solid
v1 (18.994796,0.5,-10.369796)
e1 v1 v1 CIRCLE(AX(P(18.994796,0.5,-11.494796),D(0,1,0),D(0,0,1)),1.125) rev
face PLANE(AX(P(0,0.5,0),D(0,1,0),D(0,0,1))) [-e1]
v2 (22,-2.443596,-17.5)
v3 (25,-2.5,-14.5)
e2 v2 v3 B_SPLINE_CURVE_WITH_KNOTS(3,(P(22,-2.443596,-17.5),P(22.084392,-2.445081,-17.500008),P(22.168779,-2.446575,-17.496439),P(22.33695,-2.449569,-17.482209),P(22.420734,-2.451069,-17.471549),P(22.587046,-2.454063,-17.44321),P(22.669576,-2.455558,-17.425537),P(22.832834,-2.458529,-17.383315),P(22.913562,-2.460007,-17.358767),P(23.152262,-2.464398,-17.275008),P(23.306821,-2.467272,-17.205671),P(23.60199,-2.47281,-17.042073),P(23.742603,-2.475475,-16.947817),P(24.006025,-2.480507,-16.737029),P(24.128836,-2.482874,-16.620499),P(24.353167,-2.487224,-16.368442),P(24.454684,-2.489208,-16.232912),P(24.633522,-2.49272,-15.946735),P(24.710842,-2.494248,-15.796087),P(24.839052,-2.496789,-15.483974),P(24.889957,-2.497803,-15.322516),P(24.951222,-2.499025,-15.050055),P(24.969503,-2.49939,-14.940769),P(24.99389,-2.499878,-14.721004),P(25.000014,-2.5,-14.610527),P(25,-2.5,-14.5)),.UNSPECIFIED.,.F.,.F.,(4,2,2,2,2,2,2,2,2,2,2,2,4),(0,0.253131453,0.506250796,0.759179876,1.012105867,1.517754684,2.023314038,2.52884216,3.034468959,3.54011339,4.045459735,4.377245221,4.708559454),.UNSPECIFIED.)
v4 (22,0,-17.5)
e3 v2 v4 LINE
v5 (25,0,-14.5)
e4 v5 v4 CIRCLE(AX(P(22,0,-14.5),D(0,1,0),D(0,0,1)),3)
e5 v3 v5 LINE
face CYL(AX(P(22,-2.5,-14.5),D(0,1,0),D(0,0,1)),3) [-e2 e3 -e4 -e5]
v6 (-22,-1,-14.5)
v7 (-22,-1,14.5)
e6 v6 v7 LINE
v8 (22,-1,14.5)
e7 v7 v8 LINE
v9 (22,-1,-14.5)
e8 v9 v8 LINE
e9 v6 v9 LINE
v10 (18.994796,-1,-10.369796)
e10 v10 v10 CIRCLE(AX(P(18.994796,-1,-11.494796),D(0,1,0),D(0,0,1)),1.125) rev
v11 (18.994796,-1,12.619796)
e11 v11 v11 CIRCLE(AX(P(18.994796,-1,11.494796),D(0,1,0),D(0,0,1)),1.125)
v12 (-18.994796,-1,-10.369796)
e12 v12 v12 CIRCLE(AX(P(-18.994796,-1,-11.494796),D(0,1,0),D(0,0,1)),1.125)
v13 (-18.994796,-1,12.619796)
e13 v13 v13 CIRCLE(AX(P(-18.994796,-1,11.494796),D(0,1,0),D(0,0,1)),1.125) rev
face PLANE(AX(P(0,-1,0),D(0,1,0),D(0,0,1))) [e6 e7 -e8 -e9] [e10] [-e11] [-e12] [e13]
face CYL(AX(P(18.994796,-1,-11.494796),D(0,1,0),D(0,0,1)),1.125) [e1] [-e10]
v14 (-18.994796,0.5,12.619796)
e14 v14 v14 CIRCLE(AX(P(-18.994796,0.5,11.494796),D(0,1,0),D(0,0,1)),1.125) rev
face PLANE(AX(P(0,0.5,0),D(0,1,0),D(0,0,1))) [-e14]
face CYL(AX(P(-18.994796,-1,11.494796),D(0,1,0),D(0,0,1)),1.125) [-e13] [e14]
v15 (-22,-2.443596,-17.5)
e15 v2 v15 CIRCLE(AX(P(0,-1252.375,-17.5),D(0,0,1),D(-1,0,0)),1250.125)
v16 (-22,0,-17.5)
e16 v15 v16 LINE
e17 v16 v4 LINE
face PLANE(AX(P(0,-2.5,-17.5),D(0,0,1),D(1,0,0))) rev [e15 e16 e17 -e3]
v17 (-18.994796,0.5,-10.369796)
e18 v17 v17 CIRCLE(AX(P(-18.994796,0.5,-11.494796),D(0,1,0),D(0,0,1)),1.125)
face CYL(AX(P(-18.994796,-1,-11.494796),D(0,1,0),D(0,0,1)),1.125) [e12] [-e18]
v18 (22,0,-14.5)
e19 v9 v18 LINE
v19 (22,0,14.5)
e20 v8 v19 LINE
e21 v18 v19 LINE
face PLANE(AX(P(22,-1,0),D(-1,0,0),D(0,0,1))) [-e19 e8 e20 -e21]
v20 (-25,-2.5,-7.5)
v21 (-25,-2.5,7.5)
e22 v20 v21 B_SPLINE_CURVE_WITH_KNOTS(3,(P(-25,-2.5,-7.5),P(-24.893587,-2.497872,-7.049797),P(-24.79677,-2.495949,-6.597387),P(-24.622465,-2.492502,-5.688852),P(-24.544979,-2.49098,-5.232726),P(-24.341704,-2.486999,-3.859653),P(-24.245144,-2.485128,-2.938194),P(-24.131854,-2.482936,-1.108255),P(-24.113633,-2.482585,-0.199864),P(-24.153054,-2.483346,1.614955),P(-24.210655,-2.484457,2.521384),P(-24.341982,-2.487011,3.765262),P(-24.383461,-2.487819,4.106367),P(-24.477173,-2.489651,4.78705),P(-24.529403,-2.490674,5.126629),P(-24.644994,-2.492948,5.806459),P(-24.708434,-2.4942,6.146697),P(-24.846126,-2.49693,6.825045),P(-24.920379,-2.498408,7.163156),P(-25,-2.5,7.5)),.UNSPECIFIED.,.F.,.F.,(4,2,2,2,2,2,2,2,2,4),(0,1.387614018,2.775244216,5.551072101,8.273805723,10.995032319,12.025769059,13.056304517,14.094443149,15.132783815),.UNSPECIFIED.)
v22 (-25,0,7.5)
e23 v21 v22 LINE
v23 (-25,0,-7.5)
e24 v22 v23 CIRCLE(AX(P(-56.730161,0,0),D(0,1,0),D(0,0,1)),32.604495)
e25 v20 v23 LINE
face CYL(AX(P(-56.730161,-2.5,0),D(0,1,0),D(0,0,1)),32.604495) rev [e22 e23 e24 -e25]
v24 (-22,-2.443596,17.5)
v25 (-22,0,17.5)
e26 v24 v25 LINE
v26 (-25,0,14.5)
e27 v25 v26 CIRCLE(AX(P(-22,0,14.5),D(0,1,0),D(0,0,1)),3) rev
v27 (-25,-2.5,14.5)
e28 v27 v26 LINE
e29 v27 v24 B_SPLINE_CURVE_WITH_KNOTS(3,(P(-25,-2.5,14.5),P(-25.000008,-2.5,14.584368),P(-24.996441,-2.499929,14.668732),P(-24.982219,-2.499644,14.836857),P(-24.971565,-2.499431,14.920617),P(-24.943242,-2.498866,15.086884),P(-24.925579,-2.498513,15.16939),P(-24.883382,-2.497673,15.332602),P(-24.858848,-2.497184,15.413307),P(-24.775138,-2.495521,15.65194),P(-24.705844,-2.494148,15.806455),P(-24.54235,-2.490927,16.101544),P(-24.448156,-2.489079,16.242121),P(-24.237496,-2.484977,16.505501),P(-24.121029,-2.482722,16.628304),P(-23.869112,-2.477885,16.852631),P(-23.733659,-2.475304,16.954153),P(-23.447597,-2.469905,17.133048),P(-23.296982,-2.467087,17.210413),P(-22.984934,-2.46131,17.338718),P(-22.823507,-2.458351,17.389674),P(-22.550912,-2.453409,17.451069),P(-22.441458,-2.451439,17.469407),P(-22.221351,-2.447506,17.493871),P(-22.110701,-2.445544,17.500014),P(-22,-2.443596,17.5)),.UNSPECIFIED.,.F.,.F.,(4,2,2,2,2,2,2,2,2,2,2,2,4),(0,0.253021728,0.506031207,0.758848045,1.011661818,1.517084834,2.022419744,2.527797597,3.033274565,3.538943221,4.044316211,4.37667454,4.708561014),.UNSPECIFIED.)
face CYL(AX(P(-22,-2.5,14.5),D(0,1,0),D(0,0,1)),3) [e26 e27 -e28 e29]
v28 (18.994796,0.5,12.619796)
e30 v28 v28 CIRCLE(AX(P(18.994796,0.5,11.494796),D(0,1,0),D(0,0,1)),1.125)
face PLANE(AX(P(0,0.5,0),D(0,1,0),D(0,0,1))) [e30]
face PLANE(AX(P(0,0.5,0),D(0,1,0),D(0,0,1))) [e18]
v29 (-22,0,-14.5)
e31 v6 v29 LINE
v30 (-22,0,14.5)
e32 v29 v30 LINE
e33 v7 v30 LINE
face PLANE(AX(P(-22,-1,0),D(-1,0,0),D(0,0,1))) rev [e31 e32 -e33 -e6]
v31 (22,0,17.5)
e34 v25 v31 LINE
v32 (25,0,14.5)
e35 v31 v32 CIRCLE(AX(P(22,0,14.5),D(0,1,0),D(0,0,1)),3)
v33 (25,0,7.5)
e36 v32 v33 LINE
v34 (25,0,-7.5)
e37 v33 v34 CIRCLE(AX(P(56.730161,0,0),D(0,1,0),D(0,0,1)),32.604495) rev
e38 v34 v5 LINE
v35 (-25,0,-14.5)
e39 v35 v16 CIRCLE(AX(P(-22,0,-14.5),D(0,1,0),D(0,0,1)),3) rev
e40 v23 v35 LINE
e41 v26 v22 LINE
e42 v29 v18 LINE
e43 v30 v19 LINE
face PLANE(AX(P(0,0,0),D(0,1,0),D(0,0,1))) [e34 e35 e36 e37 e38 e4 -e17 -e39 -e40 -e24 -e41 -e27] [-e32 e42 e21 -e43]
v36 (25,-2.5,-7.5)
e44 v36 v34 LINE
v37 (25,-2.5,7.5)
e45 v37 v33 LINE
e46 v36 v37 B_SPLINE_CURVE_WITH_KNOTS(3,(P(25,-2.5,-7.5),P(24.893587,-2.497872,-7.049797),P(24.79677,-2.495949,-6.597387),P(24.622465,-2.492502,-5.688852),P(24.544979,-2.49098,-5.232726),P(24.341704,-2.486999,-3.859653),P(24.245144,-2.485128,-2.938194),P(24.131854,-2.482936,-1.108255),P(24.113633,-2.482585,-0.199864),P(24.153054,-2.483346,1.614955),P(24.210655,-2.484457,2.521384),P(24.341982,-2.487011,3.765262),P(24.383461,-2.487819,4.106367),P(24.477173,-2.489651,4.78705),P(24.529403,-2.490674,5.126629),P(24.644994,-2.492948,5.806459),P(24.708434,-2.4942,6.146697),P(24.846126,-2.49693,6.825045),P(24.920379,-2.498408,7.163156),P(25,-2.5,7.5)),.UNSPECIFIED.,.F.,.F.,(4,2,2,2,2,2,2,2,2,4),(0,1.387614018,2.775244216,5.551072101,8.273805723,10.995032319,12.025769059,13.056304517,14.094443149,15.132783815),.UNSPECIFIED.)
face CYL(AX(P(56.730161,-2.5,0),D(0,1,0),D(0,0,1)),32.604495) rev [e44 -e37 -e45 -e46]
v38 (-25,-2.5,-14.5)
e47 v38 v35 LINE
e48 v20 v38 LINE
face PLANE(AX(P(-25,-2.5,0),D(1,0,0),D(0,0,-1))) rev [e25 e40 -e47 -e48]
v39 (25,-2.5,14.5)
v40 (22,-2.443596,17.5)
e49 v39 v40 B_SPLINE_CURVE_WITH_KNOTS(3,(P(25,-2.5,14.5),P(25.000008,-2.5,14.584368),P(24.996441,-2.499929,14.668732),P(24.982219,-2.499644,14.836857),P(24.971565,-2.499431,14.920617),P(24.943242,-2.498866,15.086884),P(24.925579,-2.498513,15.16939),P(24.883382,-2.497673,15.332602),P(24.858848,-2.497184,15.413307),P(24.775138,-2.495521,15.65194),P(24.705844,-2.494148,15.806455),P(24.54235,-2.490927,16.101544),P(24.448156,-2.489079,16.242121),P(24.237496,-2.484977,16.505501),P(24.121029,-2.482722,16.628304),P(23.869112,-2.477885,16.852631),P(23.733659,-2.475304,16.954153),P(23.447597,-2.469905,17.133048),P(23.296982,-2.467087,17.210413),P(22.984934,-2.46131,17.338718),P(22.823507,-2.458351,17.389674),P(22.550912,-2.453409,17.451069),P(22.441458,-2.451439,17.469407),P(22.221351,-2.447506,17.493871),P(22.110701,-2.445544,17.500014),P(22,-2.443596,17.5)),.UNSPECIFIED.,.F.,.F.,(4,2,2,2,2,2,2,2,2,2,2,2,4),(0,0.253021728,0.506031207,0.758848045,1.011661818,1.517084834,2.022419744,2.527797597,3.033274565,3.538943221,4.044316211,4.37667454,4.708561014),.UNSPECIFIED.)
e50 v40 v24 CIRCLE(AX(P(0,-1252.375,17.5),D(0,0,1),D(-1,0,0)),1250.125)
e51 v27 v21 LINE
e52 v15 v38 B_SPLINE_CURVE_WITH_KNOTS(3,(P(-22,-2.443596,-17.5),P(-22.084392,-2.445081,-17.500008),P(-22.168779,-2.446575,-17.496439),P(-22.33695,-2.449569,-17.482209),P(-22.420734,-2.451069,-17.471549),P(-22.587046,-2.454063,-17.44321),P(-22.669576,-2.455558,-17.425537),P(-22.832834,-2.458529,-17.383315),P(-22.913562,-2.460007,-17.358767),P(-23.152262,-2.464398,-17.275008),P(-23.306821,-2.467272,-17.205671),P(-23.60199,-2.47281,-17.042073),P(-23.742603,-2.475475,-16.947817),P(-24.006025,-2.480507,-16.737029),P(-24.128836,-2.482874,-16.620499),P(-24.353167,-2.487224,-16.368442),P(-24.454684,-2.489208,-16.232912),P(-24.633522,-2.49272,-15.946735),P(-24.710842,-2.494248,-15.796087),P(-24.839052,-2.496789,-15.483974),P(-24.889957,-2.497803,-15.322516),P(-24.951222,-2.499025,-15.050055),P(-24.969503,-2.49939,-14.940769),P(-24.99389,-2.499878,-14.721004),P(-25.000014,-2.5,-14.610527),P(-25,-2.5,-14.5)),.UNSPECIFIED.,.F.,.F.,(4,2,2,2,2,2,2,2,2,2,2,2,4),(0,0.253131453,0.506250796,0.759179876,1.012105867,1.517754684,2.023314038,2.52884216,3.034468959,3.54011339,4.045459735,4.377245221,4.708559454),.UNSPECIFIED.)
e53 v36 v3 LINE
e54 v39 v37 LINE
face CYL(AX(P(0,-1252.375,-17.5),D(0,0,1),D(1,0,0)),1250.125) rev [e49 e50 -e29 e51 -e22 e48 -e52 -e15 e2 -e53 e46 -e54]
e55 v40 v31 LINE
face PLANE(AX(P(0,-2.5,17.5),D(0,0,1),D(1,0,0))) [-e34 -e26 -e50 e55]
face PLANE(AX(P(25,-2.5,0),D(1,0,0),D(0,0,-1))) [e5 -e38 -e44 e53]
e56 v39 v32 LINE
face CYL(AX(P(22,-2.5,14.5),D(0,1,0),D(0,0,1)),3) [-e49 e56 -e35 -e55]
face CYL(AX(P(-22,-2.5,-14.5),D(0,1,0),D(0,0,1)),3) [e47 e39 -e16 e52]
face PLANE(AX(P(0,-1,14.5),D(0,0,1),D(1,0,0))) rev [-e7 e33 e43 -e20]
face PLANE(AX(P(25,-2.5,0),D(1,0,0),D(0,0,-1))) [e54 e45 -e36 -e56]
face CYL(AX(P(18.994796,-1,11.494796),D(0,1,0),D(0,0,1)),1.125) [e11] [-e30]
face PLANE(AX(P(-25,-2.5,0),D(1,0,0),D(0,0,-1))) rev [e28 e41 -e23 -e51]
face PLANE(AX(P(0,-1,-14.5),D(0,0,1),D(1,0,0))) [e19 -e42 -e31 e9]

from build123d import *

# Parameters (mm, degrees)
BOSS_EXTRUDE1_DEPTH     = 2.5
CUT_EXTRUDE1_DEPTH      = 31.618621785
CUT_EXTRUDE1_DEPTH_BACK = 31.618621785
SKETCH3_W               = 44
SKETCH3_H               = 29
SKETCH3_R               = 1.125
CUT_EXTRUDE2_DEPTH      = 1
BOSS_EXTRUDE2_START     = 0.5
SKETCH3_5_R             = 1.125
BOSS_EXTRUDE2_DEPTH     = 0.5


with BuildPart() as part:
    # Sketch1 → Boss-Extrude1 (new body)
    with BuildSketch(Plane(origin=(0, 0, 0), x_dir=(1, 0, 0), z_dir=(0, 1, 0))):
        with BuildLine():
            Line((22, 17.5), (-22, 17.5))
            ThreePointArc((-22, 17.5), (-24.121320344, 16.621320344), (-25, 14.5))
            Line((-25, 14.5), (-25, 7.5))
            ThreePointArc((-25, 7.5), (-24.12566565, 0), (-25, -7.5))
            Line((-25, -7.5), (-25, -14.5))
            ThreePointArc((-25, -14.5), (-24.121320344, -16.621320344), (-22, -17.5))
            Line((-22, -17.5), (22, -17.5))
            ThreePointArc((22, -17.5), (24.121320344, -16.621320344), (25, -14.5))
            Line((25, -14.5), (25, -7.5))
            ThreePointArc((25, -7.5), (24.12566565, 0), (25, 7.5))
            Line((25, 7.5), (25, 14.5))
            ThreePointArc((25, 14.5), (24.121320344, 16.621320344), (22, 17.5))
        make_face()
    extrude(amount=-BOSS_EXTRUDE1_DEPTH)

    # Sketch2 → Cut-Extrude1 (cut, two sides: drawn at the far end of the back side and taken through both)
    with BuildSketch(Plane.XY.offset(-CUT_EXTRUDE1_DEPTH_BACK)):
        with BuildLine():
            Line((-25, -2.5), (25, -2.5))
            ThreePointArc((25, -2.5), (0, -2.25), (-25, -2.5))
        make_face()
    extrude(amount=CUT_EXTRUDE1_DEPTH + CUT_EXTRUDE1_DEPTH_BACK, mode=Mode.SUBTRACT)

    # Sketch3 → Cut-Extrude2 (cut)
    with BuildSketch(Plane(origin=(0, 0, 0), x_dir=(1, 0, 0), z_dir=(0, 1, 0))):
        Rectangle(SKETCH3_W, SKETCH3_H)
        with Locations((-18.99479618, -11.49479618)):
            Circle(SKETCH3_R, mode=Mode.SUBTRACT)
        with Locations((18.99479618, -11.49479618)):
            Circle(SKETCH3_R, mode=Mode.SUBTRACT)
        with BuildLine():
            ThreePointArc((-17.86979618, 11.49479618), (-19.425315041, 10.455431706), (-19.790291309, 12.290291309))
            ThreePointArc((-19.790291309, 12.290291309), (-18.564277319, 12.534160654), (-17.86979618, 11.49479618))
        make_face(mode=Mode.SUBTRACT)
        with Locations((18.99479618, 11.49479618)):
            Circle(SKETCH3_R, mode=Mode.SUBTRACT)
    extrude(amount=-CUT_EXTRUDE2_DEPTH, mode=Mode.SUBTRACT)

    # Sketch3<5> → Boss-Extrude2 (add)
    with BuildSketch(Plane(origin=(0, 0, 0), x_dir=(1, 0, 0), z_dir=(0, 1, 0)).offset(BOSS_EXTRUDE2_START)):
        with Locations((-18.99479618, 11.49479618)):
            Circle(SKETCH3_5_R)
        with Locations((18.99479618, 11.49479618)):
            Circle(SKETCH3_5_R)
        with Locations((18.99479618, -11.49479618)):
            Circle(SKETCH3_5_R)
        with Locations((-18.99479618, -11.49479618)):
            Circle(SKETCH3_5_R)
    extrude(amount=-BOSS_EXTRUDE2_DEPTH)


solid = part.part
